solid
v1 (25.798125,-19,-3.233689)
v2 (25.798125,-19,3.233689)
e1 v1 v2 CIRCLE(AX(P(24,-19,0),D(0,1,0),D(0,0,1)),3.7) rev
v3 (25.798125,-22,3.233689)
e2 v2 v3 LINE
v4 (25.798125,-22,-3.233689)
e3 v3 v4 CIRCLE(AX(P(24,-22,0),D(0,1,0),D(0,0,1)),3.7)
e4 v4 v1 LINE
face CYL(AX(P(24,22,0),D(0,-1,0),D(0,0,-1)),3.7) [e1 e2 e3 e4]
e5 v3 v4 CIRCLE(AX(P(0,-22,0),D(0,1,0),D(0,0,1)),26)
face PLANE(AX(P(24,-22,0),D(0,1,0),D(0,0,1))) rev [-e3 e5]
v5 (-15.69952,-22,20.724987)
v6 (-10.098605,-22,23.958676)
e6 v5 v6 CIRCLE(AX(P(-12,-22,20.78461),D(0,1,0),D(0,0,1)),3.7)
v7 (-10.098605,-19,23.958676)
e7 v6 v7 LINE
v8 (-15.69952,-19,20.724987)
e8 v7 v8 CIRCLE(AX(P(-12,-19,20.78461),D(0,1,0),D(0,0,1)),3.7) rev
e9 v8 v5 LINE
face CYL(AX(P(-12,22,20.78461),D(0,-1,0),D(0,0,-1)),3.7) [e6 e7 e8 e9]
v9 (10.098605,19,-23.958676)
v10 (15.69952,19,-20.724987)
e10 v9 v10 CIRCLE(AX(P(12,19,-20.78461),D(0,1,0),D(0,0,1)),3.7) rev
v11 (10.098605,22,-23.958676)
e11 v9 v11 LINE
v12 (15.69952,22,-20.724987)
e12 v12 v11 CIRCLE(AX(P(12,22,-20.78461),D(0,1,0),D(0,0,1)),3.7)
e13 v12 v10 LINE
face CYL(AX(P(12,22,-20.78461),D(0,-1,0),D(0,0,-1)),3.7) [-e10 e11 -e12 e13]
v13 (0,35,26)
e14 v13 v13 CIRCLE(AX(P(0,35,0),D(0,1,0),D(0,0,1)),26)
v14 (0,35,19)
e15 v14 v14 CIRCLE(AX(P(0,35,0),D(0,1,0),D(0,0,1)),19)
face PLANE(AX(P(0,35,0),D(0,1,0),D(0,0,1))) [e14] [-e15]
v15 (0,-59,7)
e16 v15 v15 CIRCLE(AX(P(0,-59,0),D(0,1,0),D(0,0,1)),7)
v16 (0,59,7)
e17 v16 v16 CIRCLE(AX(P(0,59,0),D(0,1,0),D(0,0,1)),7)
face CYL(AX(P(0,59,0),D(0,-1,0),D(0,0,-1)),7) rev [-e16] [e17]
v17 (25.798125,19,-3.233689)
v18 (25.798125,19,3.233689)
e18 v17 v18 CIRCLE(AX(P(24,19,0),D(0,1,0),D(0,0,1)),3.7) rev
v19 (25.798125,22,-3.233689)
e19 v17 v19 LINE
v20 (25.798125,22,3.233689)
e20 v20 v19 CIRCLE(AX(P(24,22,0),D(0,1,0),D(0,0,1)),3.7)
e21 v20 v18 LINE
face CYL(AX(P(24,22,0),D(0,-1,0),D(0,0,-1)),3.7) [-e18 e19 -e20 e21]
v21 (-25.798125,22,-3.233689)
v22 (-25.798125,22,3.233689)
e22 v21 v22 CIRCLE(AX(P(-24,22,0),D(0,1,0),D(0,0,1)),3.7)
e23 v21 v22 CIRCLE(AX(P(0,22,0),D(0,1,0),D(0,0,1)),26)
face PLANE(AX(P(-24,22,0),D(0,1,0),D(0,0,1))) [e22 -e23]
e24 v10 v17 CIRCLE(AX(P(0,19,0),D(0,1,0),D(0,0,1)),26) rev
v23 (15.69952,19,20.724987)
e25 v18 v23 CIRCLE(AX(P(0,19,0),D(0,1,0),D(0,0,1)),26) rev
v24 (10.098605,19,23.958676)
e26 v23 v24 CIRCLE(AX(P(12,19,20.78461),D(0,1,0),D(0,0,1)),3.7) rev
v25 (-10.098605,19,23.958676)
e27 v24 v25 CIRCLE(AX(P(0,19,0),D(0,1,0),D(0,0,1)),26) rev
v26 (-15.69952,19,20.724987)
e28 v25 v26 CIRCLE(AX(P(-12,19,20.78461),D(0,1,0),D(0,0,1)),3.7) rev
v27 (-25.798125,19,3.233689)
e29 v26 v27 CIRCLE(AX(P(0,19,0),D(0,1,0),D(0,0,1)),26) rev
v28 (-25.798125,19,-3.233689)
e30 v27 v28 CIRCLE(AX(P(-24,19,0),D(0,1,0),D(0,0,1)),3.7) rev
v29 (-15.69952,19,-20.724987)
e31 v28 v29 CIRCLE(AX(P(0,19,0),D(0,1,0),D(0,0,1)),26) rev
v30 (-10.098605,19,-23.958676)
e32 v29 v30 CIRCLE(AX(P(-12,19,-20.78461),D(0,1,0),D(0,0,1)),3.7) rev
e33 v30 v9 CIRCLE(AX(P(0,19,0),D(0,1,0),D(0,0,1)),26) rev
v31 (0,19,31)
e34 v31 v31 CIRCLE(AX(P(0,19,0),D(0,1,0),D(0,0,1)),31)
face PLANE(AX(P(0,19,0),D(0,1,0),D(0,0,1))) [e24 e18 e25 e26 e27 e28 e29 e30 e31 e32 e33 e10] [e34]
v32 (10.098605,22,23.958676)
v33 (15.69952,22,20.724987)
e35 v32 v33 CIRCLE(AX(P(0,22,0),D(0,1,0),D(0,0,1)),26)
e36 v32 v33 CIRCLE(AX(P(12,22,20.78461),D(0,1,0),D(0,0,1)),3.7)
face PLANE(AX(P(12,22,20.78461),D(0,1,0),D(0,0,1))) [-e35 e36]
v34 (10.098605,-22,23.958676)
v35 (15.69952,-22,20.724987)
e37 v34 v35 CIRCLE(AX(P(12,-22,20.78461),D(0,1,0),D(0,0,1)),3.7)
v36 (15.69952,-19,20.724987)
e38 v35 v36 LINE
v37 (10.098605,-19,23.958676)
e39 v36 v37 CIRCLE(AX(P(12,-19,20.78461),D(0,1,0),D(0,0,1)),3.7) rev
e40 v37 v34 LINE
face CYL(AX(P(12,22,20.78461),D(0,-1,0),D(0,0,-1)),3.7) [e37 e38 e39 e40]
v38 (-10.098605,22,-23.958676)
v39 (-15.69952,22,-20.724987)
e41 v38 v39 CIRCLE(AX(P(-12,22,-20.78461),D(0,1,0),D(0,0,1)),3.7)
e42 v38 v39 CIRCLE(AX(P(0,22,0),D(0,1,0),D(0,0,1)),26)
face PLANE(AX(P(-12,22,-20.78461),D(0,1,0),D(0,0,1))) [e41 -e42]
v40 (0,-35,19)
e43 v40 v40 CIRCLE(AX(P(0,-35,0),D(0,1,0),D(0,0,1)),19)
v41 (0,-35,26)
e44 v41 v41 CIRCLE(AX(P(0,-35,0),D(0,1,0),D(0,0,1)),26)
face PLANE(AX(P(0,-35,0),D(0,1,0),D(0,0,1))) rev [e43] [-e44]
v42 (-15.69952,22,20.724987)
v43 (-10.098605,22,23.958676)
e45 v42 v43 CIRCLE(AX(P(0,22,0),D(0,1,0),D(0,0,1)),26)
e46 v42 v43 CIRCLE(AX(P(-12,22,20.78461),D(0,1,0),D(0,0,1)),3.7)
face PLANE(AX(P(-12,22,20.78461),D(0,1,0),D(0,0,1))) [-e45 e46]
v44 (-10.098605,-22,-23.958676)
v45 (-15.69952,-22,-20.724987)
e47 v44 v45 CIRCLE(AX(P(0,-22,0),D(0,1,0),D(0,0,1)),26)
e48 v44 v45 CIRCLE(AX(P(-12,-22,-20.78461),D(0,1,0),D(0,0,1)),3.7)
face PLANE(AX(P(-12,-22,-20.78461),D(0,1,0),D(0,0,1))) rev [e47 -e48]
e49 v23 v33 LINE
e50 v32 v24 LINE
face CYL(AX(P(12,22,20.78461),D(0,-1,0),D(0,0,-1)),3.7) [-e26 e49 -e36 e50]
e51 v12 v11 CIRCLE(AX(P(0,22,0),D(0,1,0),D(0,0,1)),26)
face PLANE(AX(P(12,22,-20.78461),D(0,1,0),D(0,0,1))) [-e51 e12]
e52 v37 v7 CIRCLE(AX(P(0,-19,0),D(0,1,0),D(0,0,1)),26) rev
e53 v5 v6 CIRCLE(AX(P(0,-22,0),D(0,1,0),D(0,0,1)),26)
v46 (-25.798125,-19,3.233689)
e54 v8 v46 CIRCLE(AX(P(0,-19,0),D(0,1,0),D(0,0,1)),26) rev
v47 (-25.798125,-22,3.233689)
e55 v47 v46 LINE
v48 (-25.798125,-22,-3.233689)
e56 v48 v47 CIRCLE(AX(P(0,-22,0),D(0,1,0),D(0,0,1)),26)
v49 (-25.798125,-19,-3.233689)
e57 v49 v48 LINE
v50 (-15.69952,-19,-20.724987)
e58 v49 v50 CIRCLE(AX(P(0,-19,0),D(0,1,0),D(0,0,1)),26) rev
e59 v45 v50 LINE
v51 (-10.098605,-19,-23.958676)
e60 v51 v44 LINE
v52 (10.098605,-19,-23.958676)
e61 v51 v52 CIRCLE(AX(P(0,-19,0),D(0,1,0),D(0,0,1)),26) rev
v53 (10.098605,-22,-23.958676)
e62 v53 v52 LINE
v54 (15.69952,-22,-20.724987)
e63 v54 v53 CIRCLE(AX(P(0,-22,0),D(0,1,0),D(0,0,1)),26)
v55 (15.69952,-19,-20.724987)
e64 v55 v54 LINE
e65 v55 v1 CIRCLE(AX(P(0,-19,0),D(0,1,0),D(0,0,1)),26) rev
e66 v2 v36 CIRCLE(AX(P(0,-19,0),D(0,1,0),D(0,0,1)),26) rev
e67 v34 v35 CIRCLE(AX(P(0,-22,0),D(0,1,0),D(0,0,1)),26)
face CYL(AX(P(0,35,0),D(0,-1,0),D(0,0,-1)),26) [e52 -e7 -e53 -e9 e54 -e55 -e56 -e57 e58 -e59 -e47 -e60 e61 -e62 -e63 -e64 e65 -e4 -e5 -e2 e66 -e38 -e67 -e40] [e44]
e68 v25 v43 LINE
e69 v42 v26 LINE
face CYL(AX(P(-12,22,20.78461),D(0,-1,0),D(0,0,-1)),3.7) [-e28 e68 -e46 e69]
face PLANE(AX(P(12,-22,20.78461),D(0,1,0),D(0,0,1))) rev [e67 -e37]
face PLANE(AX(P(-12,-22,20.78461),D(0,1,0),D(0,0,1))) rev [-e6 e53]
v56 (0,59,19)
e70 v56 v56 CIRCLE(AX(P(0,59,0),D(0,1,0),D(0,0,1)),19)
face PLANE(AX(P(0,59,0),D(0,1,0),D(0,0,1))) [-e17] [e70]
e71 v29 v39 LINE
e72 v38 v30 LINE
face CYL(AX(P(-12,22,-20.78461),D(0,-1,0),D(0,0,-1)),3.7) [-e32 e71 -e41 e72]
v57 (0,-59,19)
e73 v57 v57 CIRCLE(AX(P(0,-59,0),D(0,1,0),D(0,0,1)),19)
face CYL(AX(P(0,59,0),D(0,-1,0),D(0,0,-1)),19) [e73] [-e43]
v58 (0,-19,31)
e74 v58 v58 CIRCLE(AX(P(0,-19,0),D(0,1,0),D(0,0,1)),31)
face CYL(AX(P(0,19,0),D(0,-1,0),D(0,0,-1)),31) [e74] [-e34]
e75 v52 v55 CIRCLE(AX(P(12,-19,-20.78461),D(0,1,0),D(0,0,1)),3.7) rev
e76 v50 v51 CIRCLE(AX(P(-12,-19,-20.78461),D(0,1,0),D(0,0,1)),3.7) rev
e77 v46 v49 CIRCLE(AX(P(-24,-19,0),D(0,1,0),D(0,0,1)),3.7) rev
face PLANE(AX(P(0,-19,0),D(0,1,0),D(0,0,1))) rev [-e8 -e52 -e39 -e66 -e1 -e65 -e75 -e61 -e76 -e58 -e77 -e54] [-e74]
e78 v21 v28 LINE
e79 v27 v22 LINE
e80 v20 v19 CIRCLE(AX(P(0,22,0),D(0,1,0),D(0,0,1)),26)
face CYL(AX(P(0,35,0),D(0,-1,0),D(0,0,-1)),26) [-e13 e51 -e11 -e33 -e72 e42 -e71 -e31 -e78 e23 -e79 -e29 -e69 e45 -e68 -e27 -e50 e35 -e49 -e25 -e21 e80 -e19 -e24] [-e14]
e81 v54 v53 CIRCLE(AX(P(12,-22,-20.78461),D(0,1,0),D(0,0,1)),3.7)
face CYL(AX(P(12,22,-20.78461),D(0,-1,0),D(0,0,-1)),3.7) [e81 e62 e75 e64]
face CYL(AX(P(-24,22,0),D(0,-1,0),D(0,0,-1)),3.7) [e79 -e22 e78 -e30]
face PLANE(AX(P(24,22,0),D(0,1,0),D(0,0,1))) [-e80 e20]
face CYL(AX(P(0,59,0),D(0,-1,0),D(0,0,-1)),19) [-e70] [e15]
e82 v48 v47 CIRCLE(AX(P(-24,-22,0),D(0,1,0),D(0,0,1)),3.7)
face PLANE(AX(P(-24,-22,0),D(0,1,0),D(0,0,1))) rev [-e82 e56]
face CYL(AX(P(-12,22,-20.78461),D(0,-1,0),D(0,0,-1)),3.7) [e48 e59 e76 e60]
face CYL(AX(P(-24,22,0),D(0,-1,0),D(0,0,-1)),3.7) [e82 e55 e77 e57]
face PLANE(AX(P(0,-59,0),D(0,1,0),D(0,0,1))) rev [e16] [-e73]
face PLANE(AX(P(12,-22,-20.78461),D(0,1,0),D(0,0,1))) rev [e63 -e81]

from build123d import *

# Parameters (mm, degrees)
SKETCH1_R                   = 19
SKETCH1_R_2                 = 7
CONNECTOR_AXLE_SLEEVE_DEPTH = 59
SKETCH2_R                   = 31
SKETCH2_R_2                 = 11
OUTER_BOLT_FLANGE_DEPTH     = 19
SKETCH3_R                   = 26
SKETCH3_R_2                 = 9
STEPPED_HUB_SHOULDER_DEPTH  = 35
SKETCH4_R                   = 3.7
BOLT_CIRCLE_PAD_1_DEPTH     = 22
SKETCH5_R                   = 3.7
BOLT_CIRCLE_PAD_2_DEPTH     = 22
SKETCH6_R                   = 3.7
BOLT_CIRCLE_PAD_3_DEPTH     = 22
SKETCH7_R                   = 3.7
BOLT_CIRCLE_PAD_4_DEPTH     = 22
SKETCH8_R                   = 3.7
BOLT_CIRCLE_PAD_5_DEPTH     = 22
SKETCH9_R                   = 3.7
BOLT_CIRCLE_PAD_6_DEPTH     = 22


with BuildPart() as part:
    # Sketch1 → connector axle sleeve (new, symmetric)
    with BuildSketch(Plane(origin=(0, 0, 0), x_dir=(1, 0, 0), z_dir=(0, 1, 0))):
        with Locations(Location((0, 0, 0), (0, 0, 270))):
            Circle(SKETCH1_R)
        with Locations(Location((0, 0, 0), (0, 0, 270))):
            Circle(SKETCH1_R_2, mode=Mode.SUBTRACT)
    extrude(amount=CONNECTOR_AXLE_SLEEVE_DEPTH, both=True)

    # Sketch2 → outer bolt flange (add, symmetric)
    with BuildSketch(Plane(origin=(0, 0, 0), x_dir=(1, 0, 0), z_dir=(0, 1, 0))):
        with Locations(Location((0, 0, 0), (0, 0, 270))):
            Circle(SKETCH2_R)
        Circle(SKETCH2_R_2, mode=Mode.SUBTRACT)
    extrude(amount=OUTER_BOLT_FLANGE_DEPTH, both=True)

    # Sketch3 → stepped hub shoulder (add, symmetric)
    with BuildSketch(Plane(origin=(0, 0, 0), x_dir=(1, 0, 0), z_dir=(0, 1, 0))):
        with Locations(Location((0, 0, 0), (0, 0, 270))):
            Circle(SKETCH3_R)
        Circle(SKETCH3_R_2, mode=Mode.SUBTRACT)
    extrude(amount=STEPPED_HUB_SHOULDER_DEPTH, both=True)

    # Sketch4 → bolt circle pad 1 (add, symmetric)
    with BuildSketch(Plane(origin=(0, 0, 0), x_dir=(1, 0, 0), z_dir=(0, 1, 0))):
        with Locations((24, 0)):
            Circle(SKETCH4_R)
    extrude(amount=BOLT_CIRCLE_PAD_1_DEPTH, both=True)

    # Sketch5 → bolt circle pad 2 (add, symmetric)
    with BuildSketch(Plane(origin=(0, 0, 0), x_dir=(1, 0, 0), z_dir=(0, 1, 0))):
        with Locations((12, 20.784609691)):
            Circle(SKETCH5_R)
    extrude(amount=BOLT_CIRCLE_PAD_2_DEPTH, both=True)

    # Sketch6 → bolt circle pad 3 (add, symmetric)
    with BuildSketch(Plane(origin=(0, 0, 0), x_dir=(1, 0, 0), z_dir=(0, 1, 0))):
        with Locations((-12, 20.784609691)):
            Circle(SKETCH6_R)
    extrude(amount=BOLT_CIRCLE_PAD_3_DEPTH, both=True)

    # Sketch7 → bolt circle pad 4 (add, symmetric)
    with BuildSketch(Plane(origin=(0, 0, 0), x_dir=(1, 0, 0), z_dir=(0, 1, 0))):
        with Locations((-24, 0)):
            Circle(SKETCH7_R)
    extrude(amount=BOLT_CIRCLE_PAD_4_DEPTH, both=True)

    # Sketch8 → bolt circle pad 5 (add, symmetric)
    with BuildSketch(Plane(origin=(0, 0, 0), x_dir=(1, 0, 0), z_dir=(0, 1, 0))):
        with Locations((-12, -20.784609691)):
            Circle(SKETCH8_R)
    extrude(amount=BOLT_CIRCLE_PAD_5_DEPTH, both=True)

    # Sketch9 → bolt circle pad 6 (add, symmetric)
    with BuildSketch(Plane(origin=(0, 0, 0), x_dir=(1, 0, 0), z_dir=(0, 1, 0))):
        with Locations((12, -20.784609691)):
            Circle(SKETCH9_R)
    extrude(amount=BOLT_CIRCLE_PAD_6_DEPTH, both=True)


solid = part.part
